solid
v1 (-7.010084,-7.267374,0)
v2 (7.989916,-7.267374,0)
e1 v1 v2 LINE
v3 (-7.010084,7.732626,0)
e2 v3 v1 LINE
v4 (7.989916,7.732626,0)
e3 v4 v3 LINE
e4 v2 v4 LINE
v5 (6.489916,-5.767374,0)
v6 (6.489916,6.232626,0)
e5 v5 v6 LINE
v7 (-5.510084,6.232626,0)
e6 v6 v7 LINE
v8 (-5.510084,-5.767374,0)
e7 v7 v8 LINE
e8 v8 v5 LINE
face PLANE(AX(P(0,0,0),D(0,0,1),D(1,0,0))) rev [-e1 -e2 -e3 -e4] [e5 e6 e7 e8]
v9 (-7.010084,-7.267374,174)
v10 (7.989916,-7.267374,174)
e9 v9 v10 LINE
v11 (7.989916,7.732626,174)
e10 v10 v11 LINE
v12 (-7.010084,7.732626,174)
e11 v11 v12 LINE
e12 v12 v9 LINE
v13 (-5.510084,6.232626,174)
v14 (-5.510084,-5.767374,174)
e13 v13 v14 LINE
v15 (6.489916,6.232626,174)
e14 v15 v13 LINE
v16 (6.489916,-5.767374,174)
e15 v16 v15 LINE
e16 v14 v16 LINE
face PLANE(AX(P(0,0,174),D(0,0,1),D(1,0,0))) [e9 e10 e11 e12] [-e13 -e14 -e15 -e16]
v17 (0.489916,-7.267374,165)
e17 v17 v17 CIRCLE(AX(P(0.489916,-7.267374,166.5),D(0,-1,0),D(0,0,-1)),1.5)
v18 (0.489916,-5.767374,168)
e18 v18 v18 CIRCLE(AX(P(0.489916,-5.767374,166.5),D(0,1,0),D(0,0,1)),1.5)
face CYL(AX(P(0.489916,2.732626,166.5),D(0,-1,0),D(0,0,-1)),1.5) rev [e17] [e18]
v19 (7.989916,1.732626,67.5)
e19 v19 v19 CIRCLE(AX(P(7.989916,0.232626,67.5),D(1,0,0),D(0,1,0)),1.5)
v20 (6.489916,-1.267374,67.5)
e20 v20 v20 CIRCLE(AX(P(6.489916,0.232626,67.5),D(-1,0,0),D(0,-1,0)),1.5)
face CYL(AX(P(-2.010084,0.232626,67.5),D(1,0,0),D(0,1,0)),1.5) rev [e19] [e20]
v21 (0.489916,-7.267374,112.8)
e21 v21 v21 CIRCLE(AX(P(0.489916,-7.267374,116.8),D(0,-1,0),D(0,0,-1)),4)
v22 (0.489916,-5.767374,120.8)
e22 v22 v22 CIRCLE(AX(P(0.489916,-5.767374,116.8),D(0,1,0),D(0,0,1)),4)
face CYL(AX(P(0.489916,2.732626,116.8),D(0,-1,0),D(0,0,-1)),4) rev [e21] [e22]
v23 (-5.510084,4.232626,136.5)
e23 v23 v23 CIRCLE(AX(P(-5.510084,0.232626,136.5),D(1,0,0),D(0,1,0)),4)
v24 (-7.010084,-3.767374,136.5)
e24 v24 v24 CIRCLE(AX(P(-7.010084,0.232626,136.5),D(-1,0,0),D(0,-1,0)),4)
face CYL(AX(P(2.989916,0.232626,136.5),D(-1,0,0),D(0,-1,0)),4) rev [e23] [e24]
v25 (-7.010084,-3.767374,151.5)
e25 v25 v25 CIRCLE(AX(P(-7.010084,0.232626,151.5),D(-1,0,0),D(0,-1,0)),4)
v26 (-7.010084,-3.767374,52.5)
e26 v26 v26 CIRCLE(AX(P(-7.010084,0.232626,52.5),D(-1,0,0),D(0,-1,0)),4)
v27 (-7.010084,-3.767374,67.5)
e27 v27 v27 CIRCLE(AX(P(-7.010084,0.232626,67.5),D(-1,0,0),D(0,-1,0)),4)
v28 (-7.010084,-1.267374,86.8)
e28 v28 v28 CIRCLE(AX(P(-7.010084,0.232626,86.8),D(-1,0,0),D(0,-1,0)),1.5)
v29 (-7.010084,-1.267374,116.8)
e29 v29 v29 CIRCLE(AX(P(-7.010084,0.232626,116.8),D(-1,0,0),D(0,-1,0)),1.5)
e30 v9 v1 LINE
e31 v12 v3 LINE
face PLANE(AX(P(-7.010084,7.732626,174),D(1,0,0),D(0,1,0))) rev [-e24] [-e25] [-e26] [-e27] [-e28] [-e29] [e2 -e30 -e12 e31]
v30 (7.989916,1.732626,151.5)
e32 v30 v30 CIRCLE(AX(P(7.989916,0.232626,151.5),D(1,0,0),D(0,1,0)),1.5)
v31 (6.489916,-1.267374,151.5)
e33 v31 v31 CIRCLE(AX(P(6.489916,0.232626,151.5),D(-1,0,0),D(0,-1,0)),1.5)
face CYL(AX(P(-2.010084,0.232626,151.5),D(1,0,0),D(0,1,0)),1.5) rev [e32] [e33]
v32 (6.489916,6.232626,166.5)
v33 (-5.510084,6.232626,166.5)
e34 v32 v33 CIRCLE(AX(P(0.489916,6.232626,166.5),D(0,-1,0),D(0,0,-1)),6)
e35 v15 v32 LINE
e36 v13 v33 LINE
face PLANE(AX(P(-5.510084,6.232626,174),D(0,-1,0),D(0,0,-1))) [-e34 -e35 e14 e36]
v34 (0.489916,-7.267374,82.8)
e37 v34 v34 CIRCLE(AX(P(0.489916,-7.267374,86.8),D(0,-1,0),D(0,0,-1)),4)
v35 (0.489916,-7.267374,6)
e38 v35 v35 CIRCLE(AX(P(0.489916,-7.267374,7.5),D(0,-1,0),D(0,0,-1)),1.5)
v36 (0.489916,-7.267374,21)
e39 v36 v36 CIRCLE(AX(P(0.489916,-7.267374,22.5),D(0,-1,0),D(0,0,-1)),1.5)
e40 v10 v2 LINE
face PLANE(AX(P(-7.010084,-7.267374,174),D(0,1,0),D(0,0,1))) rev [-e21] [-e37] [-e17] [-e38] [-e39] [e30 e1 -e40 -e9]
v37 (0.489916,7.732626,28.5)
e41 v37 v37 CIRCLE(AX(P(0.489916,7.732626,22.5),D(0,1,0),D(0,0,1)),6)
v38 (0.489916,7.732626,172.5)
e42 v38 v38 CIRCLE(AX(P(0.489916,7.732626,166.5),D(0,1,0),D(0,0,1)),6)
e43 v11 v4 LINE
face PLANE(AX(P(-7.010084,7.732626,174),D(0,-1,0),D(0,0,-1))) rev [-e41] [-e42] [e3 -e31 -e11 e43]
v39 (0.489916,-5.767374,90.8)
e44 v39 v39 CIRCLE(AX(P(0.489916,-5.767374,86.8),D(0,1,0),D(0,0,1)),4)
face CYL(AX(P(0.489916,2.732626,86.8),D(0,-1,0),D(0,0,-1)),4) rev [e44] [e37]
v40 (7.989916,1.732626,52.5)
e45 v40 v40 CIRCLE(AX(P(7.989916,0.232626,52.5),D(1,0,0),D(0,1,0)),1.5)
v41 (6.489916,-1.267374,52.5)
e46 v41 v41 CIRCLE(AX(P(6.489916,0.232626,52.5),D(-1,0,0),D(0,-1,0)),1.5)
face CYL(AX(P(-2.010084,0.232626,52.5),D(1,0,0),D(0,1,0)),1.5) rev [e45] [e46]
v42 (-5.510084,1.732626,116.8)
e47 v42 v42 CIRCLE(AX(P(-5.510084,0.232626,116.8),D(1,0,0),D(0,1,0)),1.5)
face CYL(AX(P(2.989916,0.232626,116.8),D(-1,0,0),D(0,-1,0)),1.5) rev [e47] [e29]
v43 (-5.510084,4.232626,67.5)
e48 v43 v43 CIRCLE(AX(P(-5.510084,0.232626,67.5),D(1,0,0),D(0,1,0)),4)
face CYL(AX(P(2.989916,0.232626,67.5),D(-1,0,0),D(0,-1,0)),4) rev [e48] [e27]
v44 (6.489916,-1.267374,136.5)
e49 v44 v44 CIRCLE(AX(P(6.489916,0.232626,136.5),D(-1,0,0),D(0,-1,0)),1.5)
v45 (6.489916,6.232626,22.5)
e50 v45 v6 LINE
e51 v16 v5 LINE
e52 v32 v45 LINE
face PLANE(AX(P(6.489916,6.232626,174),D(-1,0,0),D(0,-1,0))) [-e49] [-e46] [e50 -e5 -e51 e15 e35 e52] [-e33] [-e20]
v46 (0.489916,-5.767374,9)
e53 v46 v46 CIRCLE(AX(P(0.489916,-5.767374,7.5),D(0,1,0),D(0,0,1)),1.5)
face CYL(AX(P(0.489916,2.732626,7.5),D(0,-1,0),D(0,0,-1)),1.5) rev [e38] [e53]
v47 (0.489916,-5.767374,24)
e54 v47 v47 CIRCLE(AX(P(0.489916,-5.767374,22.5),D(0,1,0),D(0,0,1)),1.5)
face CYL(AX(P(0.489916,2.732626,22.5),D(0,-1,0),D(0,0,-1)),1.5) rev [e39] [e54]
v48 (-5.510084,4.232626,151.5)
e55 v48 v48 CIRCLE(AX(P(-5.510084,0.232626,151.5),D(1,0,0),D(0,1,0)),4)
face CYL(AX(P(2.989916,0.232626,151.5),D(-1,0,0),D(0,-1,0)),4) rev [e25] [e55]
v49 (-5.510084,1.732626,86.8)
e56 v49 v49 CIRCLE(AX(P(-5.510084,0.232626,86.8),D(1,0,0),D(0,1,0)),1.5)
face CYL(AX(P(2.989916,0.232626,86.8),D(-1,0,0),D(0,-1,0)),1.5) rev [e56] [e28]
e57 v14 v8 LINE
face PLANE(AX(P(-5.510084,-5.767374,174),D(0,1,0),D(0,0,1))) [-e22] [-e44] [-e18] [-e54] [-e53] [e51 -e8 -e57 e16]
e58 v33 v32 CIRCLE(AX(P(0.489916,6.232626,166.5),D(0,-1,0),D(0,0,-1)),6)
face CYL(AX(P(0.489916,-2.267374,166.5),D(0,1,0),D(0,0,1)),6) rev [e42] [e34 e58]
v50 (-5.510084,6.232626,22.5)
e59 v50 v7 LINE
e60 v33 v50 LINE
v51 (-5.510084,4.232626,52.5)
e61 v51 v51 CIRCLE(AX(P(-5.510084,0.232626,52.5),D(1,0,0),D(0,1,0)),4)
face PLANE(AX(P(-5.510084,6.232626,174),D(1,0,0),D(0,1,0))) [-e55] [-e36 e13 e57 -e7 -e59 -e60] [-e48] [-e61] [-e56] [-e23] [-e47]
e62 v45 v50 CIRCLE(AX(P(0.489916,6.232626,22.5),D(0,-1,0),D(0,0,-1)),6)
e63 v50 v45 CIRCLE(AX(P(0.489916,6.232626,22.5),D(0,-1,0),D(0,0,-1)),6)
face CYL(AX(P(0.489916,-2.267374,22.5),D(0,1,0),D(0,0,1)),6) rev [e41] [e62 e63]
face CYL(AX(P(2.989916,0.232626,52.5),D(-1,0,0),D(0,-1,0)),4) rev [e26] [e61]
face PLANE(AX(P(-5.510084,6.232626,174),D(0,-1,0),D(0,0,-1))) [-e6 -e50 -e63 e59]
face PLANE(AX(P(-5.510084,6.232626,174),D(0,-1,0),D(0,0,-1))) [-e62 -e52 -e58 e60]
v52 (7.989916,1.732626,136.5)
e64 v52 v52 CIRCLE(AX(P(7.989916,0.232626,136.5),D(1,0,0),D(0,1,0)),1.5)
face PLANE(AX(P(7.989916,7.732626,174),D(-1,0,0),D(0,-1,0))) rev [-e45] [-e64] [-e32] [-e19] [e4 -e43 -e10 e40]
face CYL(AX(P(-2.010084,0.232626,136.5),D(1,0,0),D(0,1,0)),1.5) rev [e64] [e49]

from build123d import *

# Parameters (mm, degrees)
SKETCH_1_W           = 15
SKETCH_1_H           = 15
SKETCH_1_W_2         = 12
SKETCH_1_H_2         = 12
EXTRUDE_2_DEPTH      = 174
CUT_EXTRUDE_1_DEPTH  = 10
SKETCH_3_R           = 1.5
CUT_EXTRUDE_2_DEPTH  = 10
SKETCH_6_R           = 4
CUT_EXTRUDE_4_DEPTH  = 10
SKETCH_7_R           = 1.5
CUT_EXTRUDE_5_DEPTH  = 10
SKETCH_8_R           = 4
CUT_EXTRUDE_6_DEPTH  = 10
SKETCH_10_R          = 1.5
CUT_EXTRUDE_9_DEPTH  = 10
SKETCH_12_R          = 4
CUT_EXTRUDE_10_DEPTH = 10
SKETCH_13_R          = 1.5
CUT_EXTRUDE_11_DEPTH = 10
SKETCH_14_R          = 4
CUT_EXTRUDE_12_DEPTH = 10
SKETCH_15_R          = 1.5
CUT_EXTRUDE_13_DEPTH = 10
SKETCH_16_R          = 6
CUT_EXTRUDE_14_DEPTH = 10
SKETCH_17_R          = 1.5
CUT_EXTRUDE_15_DEPTH = 10
SKETCH_18_R          = 6
CUT_EXTRUDE_16_DEPTH = 10
SKETCH_19_R          = 4
CUT_EXTRUDE_17_DEPTH = 10
SKETCH_20_R          = 1.5
CUT_EXTRUDE_18_DEPTH = 10
SKETCH_21_R          = 1.5
CUT_EXTRUDE_19_DEPTH = 10
SKETCH_22_R          = 4
CUT_EXTRUDE_20_DEPTH = 10


with BuildPart() as part:
    # ｽｹｯﾁ1 → ﾎﾞｽ - 押し出し2 (new body)
    with BuildSketch(Plane.XY):
        with Locations((0.489915859, 0.232626086)):
            Rectangle(SKETCH_1_W, SKETCH_1_H)
        with Locations((0.489915859, 0.232626086)):
            Rectangle(SKETCH_1_W_2, SKETCH_1_H_2, mode=Mode.SUBTRACT)
    extrude(amount=EXTRUDE_2_DEPTH)

    # ｽｹｯﾁ2 → ｶｯﾄ - 押し出し1 (cut)
    with BuildSketch(Plane(origin=(0, -7.267373914, 0), x_dir=(-1, 0, 0), z_dir=(0, -1, 0))):
        with BuildLine():
            ThreePointArc((1.010084141, -7.5), (0.570744313, -6.439339828), (-0.489915859, -6))
            Line((-0.489915859, -6), (-0.489915859, -7.5))
            Line((-0.489915859, -7.5), (1.010084141, -7.5))
        make_face()
        with BuildLine():
            Line((-0.489915859, -7.5), (-0.489915859, -6))
            ThreePointArc((-0.489915859, -6), (-1.550576031, -8.560660172), (1.010084141, -7.5))
            Line((1.010084141, -7.5), (-0.489915859, -7.5))
        make_face()
    extrude(amount=-CUT_EXTRUDE_1_DEPTH, mode=Mode.SUBTRACT)

    # ｽｹｯﾁ3 → ｶｯﾄ - 押し出し2 (cut)
    with BuildSketch(Plane(origin=(7.989915859, 0, 0), x_dir=(0, 0, -1), z_dir=(1, 0, 0))):
        with Locations((-52.5, 0.232626086)):
            Circle(SKETCH_3_R)
    extrude(amount=-CUT_EXTRUDE_2_DEPTH, mode=Mode.SUBTRACT)

    # ｽｹｯﾁ6 → ｶｯﾄ - 押し出し4 (cut)
    with BuildSketch(Plane.ZY.offset(7.010084141)):
        with Locations((52.5, 0.232626086)):
            Circle(SKETCH_6_R)
    extrude(amount=-CUT_EXTRUDE_4_DEPTH, mode=Mode.SUBTRACT)

    # ｽｹｯﾁ7 → ｶｯﾄ - 押し出し5 (cut)
    with BuildSketch(Plane(origin=(7.989915859, 0, 0), x_dir=(0, 0, -1), z_dir=(1, 0, 0))):
        with Locations((-151.5, 0.232626086)):
            Circle(SKETCH_7_R)
    extrude(amount=-CUT_EXTRUDE_5_DEPTH, mode=Mode.SUBTRACT)

    # ｽｹｯﾁ8 → ｶｯﾄ - 押し出し6 (cut)
    with BuildSketch(Plane.ZY.offset(7.010084141)):
        with Locations((151.5, 0.232626086)):
            Circle(SKETCH_8_R)
    extrude(amount=-CUT_EXTRUDE_6_DEPTH, mode=Mode.SUBTRACT)

    # ｽｹｯﾁ10 → ｶｯﾄ - 押し出し9 (cut)
    with BuildSketch(Plane.ZY.offset(7.010084141)):
        with Locations((86.8, 0.232626086)):
            Circle(SKETCH_10_R)
    extrude(amount=-CUT_EXTRUDE_9_DEPTH, mode=Mode.SUBTRACT)

    # ｽｹｯﾁ12 → ｶｯﾄ - 押し出し10 (cut)
    with BuildSketch(Plane.XZ.offset(7.267373914)):
        with Locations((0.489915859, 86.8)):
            Circle(SKETCH_12_R)
    extrude(amount=-CUT_EXTRUDE_10_DEPTH, mode=Mode.SUBTRACT)

    # ｽｹｯﾁ13 → ｶｯﾄ - 押し出し11 (cut)
    with BuildSketch(Plane.ZY.offset(7.010084141)):
        with Locations((116.8, 0.232626086)):
            Circle(SKETCH_13_R)
    extrude(amount=-CUT_EXTRUDE_11_DEPTH, mode=Mode.SUBTRACT)

    # ｽｹｯﾁ14 → ｶｯﾄ - 押し出し12 (cut)
    with BuildSketch(Plane.XZ.offset(7.267373914)):
        with Locations((0.489915859, 116.8)):
            Circle(SKETCH_14_R)
    extrude(amount=-CUT_EXTRUDE_12_DEPTH, mode=Mode.SUBTRACT)

    # ｽｹｯﾁ15 → ｶｯﾄ - 押し出し13 (cut)
    with BuildSketch(Plane.XZ.offset(7.267373914)):
        with Locations((0.489915859, 22.5)):
            Circle(SKETCH_15_R)
    extrude(amount=-CUT_EXTRUDE_13_DEPTH, mode=Mode.SUBTRACT)

    # ｽｹｯﾁ16 → ｶｯﾄ - 押し出し14 (cut)
    with BuildSketch(Plane(origin=(0, 7.732626086, 0), x_dir=(1, 0, 0), z_dir=(0, 1, 0))):
        with Locations((0.489915859, -22.5)):
            Circle(SKETCH_16_R)
    extrude(amount=-CUT_EXTRUDE_14_DEPTH, mode=Mode.SUBTRACT)

    # ｽｹｯﾁ17 → ｶｯﾄ - 押し出し15 (cut)
    with BuildSketch(Plane.XZ.offset(7.267373914)):
        with Locations((0.489915859, 166.5)):
            Circle(SKETCH_17_R)
    extrude(amount=-CUT_EXTRUDE_15_DEPTH, mode=Mode.SUBTRACT)

    # ｽｹｯﾁ18 → ｶｯﾄ - 押し出し16 (cut)
    with BuildSketch(Plane(origin=(0, 7.732626086, 0), x_dir=(1, 0, 0), z_dir=(0, 1, 0))):
        with Locations((0.489915859, -166.5)):
            Circle(SKETCH_18_R)
    extrude(amount=-CUT_EXTRUDE_16_DEPTH, mode=Mode.SUBTRACT)

    # ｽｹｯﾁ19 → ｶｯﾄ - 押し出し17 (cut)
    with BuildSketch(Plane.ZY.offset(7.010084141)):
        with Locations((67.5, 0.232626086)):
            Circle(SKETCH_19_R)
    extrude(amount=-CUT_EXTRUDE_17_DEPTH, mode=Mode.SUBTRACT)

    # ｽｹｯﾁ20 → ｶｯﾄ - 押し出し18 (cut)
    with BuildSketch(Plane(origin=(7.989915859, 0, 0), x_dir=(0, 0, -1), z_dir=(1, 0, 0))):
        with Locations((-67.5, 0.232626086)):
            Circle(SKETCH_20_R)
    extrude(amount=-CUT_EXTRUDE_18_DEPTH, mode=Mode.SUBTRACT)

    # ｽｹｯﾁ21 → ｶｯﾄ - 押し出し19 (cut)
    with BuildSketch(Plane(origin=(7.989915859, 0, 0), x_dir=(0, 0, -1), z_dir=(1, 0, 0))):
        with Locations((-136.5, 0.232626086)):
            Circle(SKETCH_21_R)
    extrude(amount=-CUT_EXTRUDE_19_DEPTH, mode=Mode.SUBTRACT)

    # ｽｹｯﾁ22 → ｶｯﾄ - 押し出し20 (cut)
    with BuildSketch(Plane.ZY.offset(7.010084141)):
        with Locations((136.5, 0.232626086)):
            Circle(SKETCH_22_R)
    extrude(amount=-CUT_EXTRUDE_20_DEPTH, mode=Mode.SUBTRACT)


solid = part.part
